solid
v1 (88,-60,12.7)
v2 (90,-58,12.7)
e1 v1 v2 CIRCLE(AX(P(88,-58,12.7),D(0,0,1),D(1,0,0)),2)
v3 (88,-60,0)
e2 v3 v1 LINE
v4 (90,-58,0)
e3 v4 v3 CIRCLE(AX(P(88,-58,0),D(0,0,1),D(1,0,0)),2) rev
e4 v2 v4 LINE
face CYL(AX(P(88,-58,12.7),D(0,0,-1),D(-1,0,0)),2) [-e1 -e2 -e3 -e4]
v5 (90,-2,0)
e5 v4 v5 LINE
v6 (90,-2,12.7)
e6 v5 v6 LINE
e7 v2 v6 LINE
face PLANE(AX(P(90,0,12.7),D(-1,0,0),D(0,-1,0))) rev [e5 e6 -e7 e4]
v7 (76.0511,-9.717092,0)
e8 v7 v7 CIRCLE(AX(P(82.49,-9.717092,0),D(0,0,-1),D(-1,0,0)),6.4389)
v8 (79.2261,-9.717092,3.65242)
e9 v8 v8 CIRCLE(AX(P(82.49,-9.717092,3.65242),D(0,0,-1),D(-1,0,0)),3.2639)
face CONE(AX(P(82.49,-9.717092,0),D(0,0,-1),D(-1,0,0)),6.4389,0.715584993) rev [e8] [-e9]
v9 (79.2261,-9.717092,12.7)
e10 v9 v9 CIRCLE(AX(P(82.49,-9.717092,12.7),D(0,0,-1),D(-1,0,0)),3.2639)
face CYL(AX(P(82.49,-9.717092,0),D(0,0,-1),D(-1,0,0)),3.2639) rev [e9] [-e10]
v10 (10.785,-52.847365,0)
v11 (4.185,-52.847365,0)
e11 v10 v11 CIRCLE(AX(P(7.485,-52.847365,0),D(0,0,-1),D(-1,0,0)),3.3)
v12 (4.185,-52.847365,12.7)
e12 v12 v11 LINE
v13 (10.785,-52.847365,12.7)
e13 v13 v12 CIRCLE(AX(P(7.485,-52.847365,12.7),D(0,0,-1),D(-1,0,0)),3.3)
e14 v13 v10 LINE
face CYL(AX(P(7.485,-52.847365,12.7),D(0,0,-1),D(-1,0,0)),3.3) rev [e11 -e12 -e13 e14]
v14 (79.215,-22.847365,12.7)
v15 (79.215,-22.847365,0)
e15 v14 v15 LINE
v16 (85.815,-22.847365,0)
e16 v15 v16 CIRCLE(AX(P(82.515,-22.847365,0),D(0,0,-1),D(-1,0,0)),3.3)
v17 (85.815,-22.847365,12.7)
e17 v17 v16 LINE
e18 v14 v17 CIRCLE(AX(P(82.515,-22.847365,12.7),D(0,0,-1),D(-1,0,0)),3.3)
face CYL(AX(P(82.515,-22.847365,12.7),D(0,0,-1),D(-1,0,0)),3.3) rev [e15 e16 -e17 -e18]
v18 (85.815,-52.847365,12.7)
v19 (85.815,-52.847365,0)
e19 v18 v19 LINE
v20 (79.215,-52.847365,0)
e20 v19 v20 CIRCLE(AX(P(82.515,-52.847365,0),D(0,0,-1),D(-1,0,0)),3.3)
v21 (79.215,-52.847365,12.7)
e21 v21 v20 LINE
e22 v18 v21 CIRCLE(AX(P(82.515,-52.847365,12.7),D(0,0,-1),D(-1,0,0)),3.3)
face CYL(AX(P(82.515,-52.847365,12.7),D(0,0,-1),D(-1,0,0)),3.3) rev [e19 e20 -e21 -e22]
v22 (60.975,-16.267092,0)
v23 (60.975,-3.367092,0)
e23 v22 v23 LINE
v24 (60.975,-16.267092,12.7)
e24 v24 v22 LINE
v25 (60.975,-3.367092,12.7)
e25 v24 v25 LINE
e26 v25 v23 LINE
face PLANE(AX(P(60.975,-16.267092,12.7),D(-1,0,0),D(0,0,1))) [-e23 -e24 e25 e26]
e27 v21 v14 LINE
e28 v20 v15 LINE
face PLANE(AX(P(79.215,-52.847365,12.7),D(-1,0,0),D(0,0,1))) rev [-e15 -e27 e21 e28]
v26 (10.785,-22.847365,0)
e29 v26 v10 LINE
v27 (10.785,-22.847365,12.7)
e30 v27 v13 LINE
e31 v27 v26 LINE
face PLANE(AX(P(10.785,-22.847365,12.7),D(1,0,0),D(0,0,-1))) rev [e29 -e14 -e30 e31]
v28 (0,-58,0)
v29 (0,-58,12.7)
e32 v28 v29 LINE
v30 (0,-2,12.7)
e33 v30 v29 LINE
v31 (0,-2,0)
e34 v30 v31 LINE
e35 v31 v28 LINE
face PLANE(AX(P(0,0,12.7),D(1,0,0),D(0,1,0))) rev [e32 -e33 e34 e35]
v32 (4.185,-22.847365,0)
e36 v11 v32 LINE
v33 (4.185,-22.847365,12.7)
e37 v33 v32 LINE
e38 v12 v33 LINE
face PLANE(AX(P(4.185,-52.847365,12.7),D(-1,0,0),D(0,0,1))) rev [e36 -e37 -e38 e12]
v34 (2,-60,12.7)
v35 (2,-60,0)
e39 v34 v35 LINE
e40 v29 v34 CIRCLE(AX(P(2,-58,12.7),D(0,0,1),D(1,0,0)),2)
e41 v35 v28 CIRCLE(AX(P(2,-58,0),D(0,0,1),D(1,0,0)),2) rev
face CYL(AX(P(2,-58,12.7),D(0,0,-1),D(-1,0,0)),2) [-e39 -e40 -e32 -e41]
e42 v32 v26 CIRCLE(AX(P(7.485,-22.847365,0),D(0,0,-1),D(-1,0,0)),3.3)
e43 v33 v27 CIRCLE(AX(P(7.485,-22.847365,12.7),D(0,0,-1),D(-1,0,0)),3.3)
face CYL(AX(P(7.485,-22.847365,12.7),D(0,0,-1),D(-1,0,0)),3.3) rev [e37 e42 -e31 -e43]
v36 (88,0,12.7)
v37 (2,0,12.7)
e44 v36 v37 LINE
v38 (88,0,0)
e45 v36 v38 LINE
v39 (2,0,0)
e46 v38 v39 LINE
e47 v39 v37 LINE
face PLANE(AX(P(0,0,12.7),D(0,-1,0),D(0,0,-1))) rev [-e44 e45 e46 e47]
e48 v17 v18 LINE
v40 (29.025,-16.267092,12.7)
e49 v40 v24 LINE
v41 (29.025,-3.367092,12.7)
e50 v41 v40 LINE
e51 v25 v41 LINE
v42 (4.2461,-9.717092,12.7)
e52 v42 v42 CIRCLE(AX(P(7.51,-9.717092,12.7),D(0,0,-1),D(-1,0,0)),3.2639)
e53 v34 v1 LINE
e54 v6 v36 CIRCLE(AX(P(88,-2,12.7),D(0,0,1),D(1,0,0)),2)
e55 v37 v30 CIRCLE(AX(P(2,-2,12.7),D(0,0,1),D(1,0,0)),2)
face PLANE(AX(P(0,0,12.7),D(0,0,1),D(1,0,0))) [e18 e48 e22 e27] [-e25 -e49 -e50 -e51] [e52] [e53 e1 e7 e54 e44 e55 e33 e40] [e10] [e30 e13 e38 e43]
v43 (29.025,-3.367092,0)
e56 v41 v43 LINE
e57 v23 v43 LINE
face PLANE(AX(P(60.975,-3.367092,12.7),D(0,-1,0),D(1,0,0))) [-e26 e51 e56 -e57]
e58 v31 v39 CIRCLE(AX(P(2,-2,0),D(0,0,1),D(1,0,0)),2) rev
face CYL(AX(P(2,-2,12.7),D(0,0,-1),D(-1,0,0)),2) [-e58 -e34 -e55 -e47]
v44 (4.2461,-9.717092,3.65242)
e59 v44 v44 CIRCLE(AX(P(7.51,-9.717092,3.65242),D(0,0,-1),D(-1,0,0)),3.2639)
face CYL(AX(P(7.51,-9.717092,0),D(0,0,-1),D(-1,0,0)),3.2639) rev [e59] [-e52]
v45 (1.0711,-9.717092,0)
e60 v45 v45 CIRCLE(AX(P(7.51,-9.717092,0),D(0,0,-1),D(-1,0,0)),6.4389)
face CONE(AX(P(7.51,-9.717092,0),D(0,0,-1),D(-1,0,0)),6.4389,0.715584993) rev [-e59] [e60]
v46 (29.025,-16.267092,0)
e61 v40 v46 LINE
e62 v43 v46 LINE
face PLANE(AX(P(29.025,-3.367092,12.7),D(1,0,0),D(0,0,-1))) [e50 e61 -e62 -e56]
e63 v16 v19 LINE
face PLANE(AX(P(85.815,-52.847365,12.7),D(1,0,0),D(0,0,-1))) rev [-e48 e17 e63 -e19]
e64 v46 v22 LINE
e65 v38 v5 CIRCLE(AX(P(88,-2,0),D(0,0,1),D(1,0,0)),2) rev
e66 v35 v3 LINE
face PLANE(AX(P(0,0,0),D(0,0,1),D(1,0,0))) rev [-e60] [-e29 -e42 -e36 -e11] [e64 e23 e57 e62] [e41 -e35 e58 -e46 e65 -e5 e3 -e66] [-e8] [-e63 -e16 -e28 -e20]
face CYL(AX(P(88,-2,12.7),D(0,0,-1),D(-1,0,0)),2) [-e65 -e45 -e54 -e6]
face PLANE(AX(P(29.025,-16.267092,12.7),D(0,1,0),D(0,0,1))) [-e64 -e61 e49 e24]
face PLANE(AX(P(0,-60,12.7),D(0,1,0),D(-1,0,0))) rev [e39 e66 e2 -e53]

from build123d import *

# Parameters (mm, degrees)
SKETCH1_W                                        = 90
SKETCH1_H                                        = 60
BOSS_EXTRUDE1_DEPTH                              = 12.7
CSK_FOR_1_4_FLAT_HEAD_MACHINE_SCREW1_D           = 6.5278
CSK_FOR_1_4_FLAT_HEAD_MACHINE_SCREW1_CSINK_D     = 12.8778
CSK_FOR_1_4_FLAT_HEAD_MACHINE_SCREW1_CSINK_ANGLE = 82
FILLET1_R                                        = 2
CUT_EXTRUDE1_DEPTH                               = 109.909549627


with BuildPart() as part:
    # Sketch1 → Boss-Extrude1 (new body)
    with BuildSketch(Plane.XY):
        with Locations((45, -30)):
            Rectangle(SKETCH1_W, SKETCH1_H)
        Polygon((29.025, -3.367091904), (29.025, -16.267091904), (60.975, -16.267091904), (60.975, -3.367091904), (45, -3.367091904), align=None, mode=Mode.SUBTRACT)
    extrude(amount=BOSS_EXTRUDE1_DEPTH)

    # CSK for 1/4 Flat Head Machine Screw1 (through all)
    with Locations(Plane(origin=(0, 0, 0), x_dir=(-1, 0, 0), z_dir=(0, 0, -1))):
        with Locations((-82.49, -9.717091904), (-7.51, -9.717091904)):
            CounterSinkHole(CSK_FOR_1_4_FLAT_HEAD_MACHINE_SCREW1_D / 2, CSK_FOR_1_4_FLAT_HEAD_MACHINE_SCREW1_CSINK_D / 2, counter_sink_angle=CSK_FOR_1_4_FLAT_HEAD_MACHINE_SCREW1_CSINK_ANGLE)

    # Fillet1
    fillet1_edges = [part.edges().sort_by_distance(p)[0] for p in [
        (0, 0, 6.35),
        (90, 0, 6.35),
        (90, -60, 6.35),
        (0, -60, 6.35),
    ]]
    fillet(fillet1_edges, radius=FILLET1_R)

    # Sketch5 → Cut-Extrude1 (cut, through all)
    with BuildSketch(Plane(origin=(0, 0, 0), x_dir=(-1, 0, 0), z_dir=(0, 0, -1))):
        with BuildLine():
            Line((-10.785, -22.847364981), (-10.785, -52.847364981))
            ThreePointArc((-10.785, -52.847364981), (-7.485, -56.147364981), (-4.185, -52.847364981))
            Line((-4.185, -52.847364981), (-4.185, -22.847364981))
            ThreePointArc((-4.185, -22.847364981), (-7.485, -19.547364981), (-10.785, -22.847364981))
        make_face()
        with BuildLine():
            Line((-79.215, -52.847364981), (-79.215, -22.847364981))
            ThreePointArc((-79.215, -22.847364981), (-82.515, -19.547364981), (-85.815, -22.847364981))
            Line((-85.815, -22.847364981), (-85.815, -52.847364981))
            ThreePointArc((-85.815, -52.847364981), (-82.515, -56.147364981), (-79.215, -52.847364981))
        make_face()
    extrude(amount=-CUT_EXTRUDE1_DEPTH, mode=Mode.SUBTRACT)


solid = part.part
